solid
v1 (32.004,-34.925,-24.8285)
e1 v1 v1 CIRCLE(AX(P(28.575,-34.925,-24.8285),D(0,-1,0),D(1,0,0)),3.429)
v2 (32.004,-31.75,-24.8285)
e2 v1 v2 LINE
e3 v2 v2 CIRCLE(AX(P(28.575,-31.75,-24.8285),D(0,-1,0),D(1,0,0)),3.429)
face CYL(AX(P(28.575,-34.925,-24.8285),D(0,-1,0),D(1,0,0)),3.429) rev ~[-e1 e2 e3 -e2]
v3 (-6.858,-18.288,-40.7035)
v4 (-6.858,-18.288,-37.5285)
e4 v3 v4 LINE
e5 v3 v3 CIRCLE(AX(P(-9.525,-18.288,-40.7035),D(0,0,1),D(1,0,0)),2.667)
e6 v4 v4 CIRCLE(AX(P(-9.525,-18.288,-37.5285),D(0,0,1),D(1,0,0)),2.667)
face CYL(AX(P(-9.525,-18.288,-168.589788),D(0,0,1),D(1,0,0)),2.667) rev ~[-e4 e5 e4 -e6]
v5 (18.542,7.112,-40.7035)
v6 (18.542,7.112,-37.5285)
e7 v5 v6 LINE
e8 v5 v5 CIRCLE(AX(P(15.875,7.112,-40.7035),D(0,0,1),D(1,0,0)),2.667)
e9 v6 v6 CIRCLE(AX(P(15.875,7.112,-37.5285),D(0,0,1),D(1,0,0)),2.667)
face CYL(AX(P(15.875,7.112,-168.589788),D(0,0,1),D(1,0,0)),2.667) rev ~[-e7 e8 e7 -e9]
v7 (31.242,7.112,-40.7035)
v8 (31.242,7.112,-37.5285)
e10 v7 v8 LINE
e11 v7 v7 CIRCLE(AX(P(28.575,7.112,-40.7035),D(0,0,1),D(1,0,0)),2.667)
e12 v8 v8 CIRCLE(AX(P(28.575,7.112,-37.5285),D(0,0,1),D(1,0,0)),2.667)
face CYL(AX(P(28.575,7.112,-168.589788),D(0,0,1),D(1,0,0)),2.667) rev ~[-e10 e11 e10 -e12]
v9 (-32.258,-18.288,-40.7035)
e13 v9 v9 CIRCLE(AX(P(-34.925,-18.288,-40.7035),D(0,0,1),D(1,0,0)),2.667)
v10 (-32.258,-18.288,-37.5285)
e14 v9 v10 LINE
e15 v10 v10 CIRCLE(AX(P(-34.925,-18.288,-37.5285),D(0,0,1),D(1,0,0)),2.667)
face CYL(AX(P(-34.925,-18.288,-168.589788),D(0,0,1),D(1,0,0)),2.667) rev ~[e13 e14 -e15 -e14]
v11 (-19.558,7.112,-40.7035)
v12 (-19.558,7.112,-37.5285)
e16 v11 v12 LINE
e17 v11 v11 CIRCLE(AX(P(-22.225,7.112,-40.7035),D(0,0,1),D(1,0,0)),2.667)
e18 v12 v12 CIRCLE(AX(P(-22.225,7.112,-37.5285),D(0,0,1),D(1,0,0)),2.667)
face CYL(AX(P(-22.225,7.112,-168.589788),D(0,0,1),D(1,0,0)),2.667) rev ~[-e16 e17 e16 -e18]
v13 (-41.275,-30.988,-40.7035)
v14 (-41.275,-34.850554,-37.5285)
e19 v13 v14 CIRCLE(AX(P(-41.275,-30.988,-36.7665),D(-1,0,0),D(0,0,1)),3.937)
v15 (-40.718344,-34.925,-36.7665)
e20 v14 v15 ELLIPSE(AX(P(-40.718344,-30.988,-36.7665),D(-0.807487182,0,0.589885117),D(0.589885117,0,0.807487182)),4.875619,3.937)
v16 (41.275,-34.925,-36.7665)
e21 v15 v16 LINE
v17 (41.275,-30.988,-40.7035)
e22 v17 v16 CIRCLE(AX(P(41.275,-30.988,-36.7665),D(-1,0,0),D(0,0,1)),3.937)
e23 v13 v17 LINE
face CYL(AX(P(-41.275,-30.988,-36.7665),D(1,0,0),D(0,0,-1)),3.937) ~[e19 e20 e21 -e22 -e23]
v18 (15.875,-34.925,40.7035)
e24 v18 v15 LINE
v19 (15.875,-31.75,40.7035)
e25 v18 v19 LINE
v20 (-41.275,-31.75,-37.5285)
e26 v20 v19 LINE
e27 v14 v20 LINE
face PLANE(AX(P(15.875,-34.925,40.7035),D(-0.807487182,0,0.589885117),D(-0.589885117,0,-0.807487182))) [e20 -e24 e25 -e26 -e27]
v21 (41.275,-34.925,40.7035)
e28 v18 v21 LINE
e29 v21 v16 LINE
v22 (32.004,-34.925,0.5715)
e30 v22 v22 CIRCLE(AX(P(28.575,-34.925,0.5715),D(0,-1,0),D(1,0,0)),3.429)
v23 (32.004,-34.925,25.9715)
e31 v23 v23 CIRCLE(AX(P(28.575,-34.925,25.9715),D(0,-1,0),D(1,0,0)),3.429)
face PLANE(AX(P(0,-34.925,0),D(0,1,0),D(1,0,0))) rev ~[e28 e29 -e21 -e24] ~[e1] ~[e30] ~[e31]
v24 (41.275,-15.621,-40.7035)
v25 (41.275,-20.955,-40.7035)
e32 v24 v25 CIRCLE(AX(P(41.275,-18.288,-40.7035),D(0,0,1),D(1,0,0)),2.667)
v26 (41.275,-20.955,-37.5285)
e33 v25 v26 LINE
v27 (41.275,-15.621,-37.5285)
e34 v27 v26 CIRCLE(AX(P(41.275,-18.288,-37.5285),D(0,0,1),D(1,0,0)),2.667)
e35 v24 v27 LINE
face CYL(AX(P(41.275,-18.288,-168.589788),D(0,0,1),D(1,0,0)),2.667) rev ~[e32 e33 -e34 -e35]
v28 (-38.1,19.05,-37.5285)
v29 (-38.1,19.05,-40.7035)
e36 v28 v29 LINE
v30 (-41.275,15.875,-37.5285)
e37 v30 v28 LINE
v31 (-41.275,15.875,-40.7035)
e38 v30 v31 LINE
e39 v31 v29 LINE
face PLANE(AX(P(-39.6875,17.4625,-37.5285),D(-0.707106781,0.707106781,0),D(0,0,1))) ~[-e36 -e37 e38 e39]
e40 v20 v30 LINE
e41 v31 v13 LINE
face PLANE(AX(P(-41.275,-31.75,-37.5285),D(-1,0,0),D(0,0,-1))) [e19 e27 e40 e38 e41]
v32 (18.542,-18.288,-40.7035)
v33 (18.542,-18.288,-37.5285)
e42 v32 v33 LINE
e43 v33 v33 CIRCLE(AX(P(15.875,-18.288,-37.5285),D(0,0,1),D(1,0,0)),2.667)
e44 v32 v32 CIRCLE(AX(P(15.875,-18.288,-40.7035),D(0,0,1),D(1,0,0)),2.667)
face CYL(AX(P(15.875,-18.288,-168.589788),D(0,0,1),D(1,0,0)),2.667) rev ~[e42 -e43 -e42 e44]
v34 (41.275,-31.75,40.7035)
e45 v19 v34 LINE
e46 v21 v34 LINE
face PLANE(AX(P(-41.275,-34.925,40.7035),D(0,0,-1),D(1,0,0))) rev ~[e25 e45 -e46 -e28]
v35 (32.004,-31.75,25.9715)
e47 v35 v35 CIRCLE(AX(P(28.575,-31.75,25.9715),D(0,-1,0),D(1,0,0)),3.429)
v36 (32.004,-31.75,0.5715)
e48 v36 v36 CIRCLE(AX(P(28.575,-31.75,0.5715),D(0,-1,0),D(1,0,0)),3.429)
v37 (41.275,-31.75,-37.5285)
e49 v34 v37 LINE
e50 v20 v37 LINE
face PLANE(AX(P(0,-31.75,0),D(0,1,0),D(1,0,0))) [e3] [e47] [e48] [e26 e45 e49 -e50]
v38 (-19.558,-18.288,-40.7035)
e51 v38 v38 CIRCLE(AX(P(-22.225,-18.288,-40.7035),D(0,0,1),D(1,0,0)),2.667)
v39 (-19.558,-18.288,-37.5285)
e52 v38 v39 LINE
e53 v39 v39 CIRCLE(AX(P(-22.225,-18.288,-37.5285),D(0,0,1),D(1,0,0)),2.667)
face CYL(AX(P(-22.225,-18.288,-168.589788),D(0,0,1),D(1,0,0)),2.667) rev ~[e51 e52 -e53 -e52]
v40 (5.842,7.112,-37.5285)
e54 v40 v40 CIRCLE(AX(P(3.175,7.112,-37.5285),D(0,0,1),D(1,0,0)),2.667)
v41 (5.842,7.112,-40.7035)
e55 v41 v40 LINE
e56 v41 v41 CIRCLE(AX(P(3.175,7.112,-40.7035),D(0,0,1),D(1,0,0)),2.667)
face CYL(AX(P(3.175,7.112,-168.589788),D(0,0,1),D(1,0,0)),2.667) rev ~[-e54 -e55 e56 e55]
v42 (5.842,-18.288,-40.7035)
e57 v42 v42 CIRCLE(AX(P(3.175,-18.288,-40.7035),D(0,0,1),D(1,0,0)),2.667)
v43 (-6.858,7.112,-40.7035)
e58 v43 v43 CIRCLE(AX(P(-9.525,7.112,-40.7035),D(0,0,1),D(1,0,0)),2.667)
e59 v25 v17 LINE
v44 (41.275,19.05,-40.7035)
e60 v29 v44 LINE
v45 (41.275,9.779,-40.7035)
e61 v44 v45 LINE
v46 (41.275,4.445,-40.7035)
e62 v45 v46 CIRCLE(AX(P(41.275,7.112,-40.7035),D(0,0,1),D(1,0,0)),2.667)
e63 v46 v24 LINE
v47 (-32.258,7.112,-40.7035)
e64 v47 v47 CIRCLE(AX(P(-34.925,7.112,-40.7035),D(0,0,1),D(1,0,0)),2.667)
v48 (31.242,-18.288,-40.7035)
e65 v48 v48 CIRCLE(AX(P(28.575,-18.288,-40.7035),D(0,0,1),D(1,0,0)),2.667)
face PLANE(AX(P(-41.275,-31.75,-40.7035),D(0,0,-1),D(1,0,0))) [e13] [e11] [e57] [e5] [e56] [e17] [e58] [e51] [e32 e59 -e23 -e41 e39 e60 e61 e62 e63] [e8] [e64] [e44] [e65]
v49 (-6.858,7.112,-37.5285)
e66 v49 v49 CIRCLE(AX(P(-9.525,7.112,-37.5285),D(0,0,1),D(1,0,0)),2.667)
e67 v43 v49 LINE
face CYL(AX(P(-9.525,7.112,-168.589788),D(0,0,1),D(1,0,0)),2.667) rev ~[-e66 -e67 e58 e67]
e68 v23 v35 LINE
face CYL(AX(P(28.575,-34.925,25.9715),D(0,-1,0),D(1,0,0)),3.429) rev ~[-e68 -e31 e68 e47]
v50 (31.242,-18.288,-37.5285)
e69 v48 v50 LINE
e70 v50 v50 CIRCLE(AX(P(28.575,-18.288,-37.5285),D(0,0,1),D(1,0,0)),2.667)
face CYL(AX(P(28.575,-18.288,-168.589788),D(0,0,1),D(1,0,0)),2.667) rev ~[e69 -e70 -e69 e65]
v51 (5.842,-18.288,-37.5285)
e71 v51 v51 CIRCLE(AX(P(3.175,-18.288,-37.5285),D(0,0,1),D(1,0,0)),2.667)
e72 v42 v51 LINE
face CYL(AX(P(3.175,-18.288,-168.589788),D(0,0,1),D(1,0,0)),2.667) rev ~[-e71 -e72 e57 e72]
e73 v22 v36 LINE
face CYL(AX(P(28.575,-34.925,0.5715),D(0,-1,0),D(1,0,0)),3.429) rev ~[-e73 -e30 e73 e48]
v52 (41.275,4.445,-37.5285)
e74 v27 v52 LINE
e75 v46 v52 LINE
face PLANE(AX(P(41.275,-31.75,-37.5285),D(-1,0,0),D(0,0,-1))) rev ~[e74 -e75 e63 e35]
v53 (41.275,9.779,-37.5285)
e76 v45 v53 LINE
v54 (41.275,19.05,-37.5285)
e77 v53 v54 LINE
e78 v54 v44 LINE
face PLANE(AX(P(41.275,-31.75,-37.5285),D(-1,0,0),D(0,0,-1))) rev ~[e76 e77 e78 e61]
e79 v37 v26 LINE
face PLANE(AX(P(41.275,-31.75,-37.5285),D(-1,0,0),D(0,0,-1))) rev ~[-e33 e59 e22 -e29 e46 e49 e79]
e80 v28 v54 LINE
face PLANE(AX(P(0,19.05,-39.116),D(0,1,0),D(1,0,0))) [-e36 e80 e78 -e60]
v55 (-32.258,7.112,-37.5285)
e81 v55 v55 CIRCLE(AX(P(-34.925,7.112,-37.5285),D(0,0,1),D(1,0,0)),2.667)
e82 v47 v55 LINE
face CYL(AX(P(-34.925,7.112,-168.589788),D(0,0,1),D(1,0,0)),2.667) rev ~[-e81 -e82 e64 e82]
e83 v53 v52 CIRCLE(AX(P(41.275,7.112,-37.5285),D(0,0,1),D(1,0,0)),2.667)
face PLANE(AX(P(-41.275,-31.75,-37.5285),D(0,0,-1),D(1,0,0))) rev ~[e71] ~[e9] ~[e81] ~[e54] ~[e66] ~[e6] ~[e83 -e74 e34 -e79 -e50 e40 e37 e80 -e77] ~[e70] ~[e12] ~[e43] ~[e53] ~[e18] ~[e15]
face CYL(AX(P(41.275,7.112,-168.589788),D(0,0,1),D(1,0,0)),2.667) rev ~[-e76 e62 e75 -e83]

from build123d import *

# Parameters (mm, degrees)
BOSS_EXTRUDE1_START    = -34.925
SKETCH1_W              = 82.55
SKETCH1_H              = 81.407
BOSS_EXTRUDE1_DEPTH    = 3.175
SKETCH3_W              = 82.55
SKETCH3_H              = 3.175
BOSS_EXTRUDE2_DEPTH    = 50.8
F_10_CLEARANCE_HOLE2_D = 5.334
CHAMFER1_SIZE          = 3.175
FILLET2_R              = 3.937
SKETCH9_R              = 3.429
CUT_EXTRUDE2_DEPTH     = 54.975


with BuildPart() as part:
    # Sketch1 → Boss-Extrude1 (new body)
    with BuildSketch(Plane(origin=(0, 0, 0), x_dir=(1, 0, 0), z_dir=(0, 1, 0)).offset(BOSS_EXTRUDE1_START)):
        Rectangle(SKETCH1_W, SKETCH1_H)
    extrude(amount=BOSS_EXTRUDE1_DEPTH)

    # Sketch3 → Boss-Extrude2 (add)
    with BuildSketch(Plane(origin=(0, -31.75, 0), x_dir=(1, 0, 0), z_dir=(0, 1, 0))):
        with Locations((0, 39.116)):
            Rectangle(SKETCH3_W, SKETCH3_H)
    extrude(amount=BOSS_EXTRUDE2_DEPTH)

    # #10 Clearance Hole2 (through all)
    with Locations(Plane(origin=(0, 0, -40.7035), x_dir=(-1, 0, 0), z_dir=(0, 0, -1))):
        with Locations((22.225, 7.112), (9.525, 7.112), (-3.175, 7.112), (-15.875, 7.112), (-28.575, 7.112), (22.225, -18.288), (9.525, -18.288), (-3.175, -18.288), (-15.875, -18.288), (-28.575, -18.288), (34.925, 7.112), (34.925, -18.288), (-41.275, 7.112), (-41.275, -18.288)):
            Hole(F_10_CLEARANCE_HOLE2_D / 2)

    # Chamfer1
    chamfer1_edges = [part.edges().sort_by_distance(p)[0] for p in [
        (-41.275, 19.05, -39.116),
    ]]
    chamfer(chamfer1_edges, length=CHAMFER1_SIZE)

    # Fillet2
    fillet2_edges = [part.edges().sort_by_distance(p)[0] for p in [
        (0, -34.925, -40.7035),
    ]]
    fillet(fillet2_edges, radius=FILLET2_R)

    # Sketch9 → Cut-Extrude2 (cut, through all)
    with BuildSketch(Plane.XZ.offset(34.925)):
        with Locations((28.575, -24.8285)):
            Circle(SKETCH9_R)
        with Locations((28.575, 0.5715)):
            Circle(SKETCH9_R)
        with Locations((28.575, 25.9715)):
            Circle(SKETCH9_R)
        Polygon((-41.275, -37.5285), (-41.275, 40.7035), (15.875, 40.7035), align=None)
    extrude(amount=-CUT_EXTRUDE2_DEPTH, mode=Mode.SUBTRACT)


solid = part.part
